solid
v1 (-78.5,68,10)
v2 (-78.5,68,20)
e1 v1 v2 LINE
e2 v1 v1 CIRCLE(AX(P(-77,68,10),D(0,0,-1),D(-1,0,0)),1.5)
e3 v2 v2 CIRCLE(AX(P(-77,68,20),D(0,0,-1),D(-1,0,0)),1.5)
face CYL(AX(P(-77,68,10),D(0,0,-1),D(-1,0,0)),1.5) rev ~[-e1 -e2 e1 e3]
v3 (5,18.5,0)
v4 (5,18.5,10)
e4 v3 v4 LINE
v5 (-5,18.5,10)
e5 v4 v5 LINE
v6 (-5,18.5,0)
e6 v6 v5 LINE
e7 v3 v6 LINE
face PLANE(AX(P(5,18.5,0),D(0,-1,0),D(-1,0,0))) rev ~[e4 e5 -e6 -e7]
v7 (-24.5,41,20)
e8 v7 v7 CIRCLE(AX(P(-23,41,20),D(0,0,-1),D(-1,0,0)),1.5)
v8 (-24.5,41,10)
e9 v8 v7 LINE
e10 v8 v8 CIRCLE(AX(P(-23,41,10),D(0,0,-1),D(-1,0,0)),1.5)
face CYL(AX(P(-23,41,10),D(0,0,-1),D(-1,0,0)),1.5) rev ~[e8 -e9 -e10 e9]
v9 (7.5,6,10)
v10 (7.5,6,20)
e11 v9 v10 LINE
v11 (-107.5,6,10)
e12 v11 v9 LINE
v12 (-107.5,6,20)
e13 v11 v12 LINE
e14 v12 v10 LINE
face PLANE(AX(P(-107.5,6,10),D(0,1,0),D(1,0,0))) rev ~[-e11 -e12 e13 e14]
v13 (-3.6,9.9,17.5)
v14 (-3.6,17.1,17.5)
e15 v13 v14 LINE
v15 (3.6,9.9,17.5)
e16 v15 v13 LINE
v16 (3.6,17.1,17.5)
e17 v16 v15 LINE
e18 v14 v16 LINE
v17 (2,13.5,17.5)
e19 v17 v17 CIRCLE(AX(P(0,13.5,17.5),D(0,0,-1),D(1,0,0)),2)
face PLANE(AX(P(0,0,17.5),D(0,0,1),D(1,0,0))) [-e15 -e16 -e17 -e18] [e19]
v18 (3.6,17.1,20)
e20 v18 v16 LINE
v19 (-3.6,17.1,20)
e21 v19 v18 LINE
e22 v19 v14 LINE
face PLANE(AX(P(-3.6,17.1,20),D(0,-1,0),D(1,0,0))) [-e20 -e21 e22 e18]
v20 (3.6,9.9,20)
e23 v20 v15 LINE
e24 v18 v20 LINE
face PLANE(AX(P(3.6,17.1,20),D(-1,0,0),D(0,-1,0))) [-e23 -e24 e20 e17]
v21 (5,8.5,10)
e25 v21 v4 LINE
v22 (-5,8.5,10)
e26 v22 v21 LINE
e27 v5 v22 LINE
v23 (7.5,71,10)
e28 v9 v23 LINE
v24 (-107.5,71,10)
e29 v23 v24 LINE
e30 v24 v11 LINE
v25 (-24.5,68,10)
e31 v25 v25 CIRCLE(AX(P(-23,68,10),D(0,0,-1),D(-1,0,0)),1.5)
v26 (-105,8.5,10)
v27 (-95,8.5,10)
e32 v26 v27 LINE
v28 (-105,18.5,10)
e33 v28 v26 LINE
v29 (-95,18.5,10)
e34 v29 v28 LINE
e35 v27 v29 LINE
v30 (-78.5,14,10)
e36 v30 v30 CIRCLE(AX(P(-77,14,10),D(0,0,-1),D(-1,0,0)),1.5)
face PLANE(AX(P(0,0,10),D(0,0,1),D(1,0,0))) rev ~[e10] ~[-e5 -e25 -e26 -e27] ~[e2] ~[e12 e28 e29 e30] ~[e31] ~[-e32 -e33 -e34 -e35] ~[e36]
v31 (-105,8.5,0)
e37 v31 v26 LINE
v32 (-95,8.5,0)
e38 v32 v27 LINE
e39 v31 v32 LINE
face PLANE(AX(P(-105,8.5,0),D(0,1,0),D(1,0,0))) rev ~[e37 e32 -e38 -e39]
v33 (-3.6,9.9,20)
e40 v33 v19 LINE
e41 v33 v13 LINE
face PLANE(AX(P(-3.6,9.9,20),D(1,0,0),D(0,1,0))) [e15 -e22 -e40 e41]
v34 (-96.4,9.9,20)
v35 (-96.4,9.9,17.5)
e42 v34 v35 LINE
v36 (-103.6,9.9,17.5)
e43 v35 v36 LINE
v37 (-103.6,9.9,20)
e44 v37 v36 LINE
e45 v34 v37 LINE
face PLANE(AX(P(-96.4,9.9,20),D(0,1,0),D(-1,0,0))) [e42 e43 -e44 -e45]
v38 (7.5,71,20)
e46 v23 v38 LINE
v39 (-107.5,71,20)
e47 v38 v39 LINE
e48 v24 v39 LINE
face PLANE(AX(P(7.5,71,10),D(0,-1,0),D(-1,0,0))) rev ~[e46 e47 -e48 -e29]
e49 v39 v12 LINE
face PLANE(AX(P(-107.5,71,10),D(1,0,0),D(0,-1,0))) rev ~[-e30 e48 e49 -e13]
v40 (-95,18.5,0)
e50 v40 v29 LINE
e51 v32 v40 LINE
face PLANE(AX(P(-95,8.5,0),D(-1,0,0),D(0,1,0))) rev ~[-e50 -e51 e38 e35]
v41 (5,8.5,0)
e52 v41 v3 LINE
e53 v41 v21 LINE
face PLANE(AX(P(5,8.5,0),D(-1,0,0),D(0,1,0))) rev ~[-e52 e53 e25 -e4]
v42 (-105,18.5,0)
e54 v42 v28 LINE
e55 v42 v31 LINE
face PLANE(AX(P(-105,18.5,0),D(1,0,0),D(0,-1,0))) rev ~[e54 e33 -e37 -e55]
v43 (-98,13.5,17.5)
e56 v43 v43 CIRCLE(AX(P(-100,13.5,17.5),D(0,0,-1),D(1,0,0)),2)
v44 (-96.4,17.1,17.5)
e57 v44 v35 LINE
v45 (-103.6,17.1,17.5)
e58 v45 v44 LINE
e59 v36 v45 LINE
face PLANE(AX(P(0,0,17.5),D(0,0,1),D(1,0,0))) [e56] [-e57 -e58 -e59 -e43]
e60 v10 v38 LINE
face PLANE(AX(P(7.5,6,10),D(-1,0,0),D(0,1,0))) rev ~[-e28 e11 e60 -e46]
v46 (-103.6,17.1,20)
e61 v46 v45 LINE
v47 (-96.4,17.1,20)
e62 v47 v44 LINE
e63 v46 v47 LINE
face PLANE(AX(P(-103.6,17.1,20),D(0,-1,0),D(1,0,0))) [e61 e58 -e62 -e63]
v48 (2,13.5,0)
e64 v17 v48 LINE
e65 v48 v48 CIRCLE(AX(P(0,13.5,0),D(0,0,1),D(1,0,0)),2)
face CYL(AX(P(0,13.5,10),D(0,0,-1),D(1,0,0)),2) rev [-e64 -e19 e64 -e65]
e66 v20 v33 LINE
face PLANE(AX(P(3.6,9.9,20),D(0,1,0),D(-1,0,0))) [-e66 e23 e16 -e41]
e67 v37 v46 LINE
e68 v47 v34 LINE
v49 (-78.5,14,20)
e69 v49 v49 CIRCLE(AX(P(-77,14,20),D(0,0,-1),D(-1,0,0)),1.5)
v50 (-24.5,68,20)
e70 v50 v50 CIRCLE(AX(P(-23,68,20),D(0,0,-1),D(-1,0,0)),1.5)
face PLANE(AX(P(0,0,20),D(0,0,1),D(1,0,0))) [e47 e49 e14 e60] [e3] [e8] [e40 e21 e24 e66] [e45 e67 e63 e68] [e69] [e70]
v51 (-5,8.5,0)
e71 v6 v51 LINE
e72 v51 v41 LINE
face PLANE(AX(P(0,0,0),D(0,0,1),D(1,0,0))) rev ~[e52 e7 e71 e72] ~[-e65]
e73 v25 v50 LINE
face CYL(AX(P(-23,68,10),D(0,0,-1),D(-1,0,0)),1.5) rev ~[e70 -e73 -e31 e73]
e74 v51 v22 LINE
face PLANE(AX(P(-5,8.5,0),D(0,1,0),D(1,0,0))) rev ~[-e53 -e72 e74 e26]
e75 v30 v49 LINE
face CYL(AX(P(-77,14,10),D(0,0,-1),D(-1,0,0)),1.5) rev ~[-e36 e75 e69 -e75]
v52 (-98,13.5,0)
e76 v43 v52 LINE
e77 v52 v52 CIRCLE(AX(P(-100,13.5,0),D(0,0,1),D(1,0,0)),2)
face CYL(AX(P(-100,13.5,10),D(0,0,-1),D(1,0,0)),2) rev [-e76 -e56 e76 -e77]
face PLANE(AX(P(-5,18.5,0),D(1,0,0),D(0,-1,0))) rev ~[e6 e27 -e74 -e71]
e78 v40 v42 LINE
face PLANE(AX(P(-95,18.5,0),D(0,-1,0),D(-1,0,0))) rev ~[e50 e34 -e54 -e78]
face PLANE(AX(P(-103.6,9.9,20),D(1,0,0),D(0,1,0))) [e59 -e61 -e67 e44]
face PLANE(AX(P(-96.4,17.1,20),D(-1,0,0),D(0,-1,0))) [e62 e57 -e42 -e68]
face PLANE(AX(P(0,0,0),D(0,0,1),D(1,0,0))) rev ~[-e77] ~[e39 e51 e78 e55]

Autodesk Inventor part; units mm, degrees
ref_plane "YZ Plane" through (0, 0, 0) normal (1, 0, 0) x (0, 1, 0)
ref_plane "XZ Plane" through (0, 0, 0) normal (0, 1, 0) x (-1, 0, 0)
ref_plane "XY Plane" through (0, 0, 0) normal (0, 0, 1) x (1, 0, 0)
sketch "Sketch1" plane through (0, 0, 0) normal (0, 0, 1) x (1, 0, 0)
  circle A0 centre (0, 13.5) radius 2 projected
  circle A1 centre (-100, 13.5) radius 2 projected
  line L0 (-100, 13.5) -> (-105, 13.5) construction
  line L1 (-100, 13.5) -> (-95, 13.5) construction
  line L2 (-105, 13.5) -> (-105, 8.5) construction
  line L3 (-105, 8.5) -> (-95, 8.5)
  line L4 (-95, 8.5) -> (-95, 18.5)
  line L5 (-95, 18.5) -> (-105, 18.5)
  line L6 (-105, 18.5) -> (-105, 8.5)
  line L7 (-5, 8.5) -> (5, 8.5)
  line L8 (5, 8.5) -> (5, 18.5)
  line L9 (5, 18.5) -> (-5, 18.5)
  line L10 (-5, 18.5) -> (-5, 8.5)
  line L11 (-5, 8.5) -> (5, 18.5) construction
  line L12 (5, 8.5) -> (-5, 18.5) construction
  point P0 (0, 0)
  dimension "d0" = 5
  dimension "d1" = 180
  dimension "d2" = 5
  dimension "d3" = 90
  dimension "d4" = 10
  dimension "d5" = 10
  dimension "d6" = 10
  dimension "d7" = 10
extrude "Extrusion1" add sketch "Sketch1" along normal blind 10
sketch "Sketch2" plane through (0, 0, 10) normal (0, 0, 1) x (1, 0, 0)
  circle A0 centre (-100, 13.5) radius 2 projected
  line L0 (-105, 8.5) -> (-95, 8.5) projected
  line L1 (-95, 8.5) -> (-95, 18.5) projected
  line L2 (-95, 18.5) -> (-105, 18.5) construction
  line L3 (-105, 18.5) -> (-105, 8.5) projected
  line L4 (-92.5, 21) -> (-107.5, 21) construction
  line L5 (-107.5, 21) -> (-107.5, 6) construction
  line L6 (-107.5, 6) -> (-92.5, 6) construction
  line L7 (-92.5, 6) -> (-92.5, 21) construction
  circle A1 centre (-100, 13.5) radius 2 construction
  line L8 (-92.5, 21) -> (-107.5, 6) construction
  line L9 (-107.5, 21) -> (-92.5, 6) construction
  line L10 (-107.5, 6) -> (7.5, 6)
  line L11 (7.5, 6) -> (7.5, 71)
  line L12 (7.5, 71) -> (-107.5, 71)
  line L13 (-107.5, 71) -> (-107.5, 6)
  circle A2 centre (0, 13.5) radius 2 projected
  point P0 (0, 0)
  dimension "d10" = 15
  dimension "d11" = 15
  dimension "d12" = 115
  dimension "d13" = 65
extrude "Extrusion2" add sketch "Sketch2" along normal blind 10
sketch "Sketch3" plane through (0, 0, 20) normal (0, 0, 1) x (1, 0, 0)
  circle A0 centre (-100, 13.5) radius 2 construction
  circle A1 centre (0, 13.5) radius 2 construction
  line L0 (-103.6, 17.1) -> (-96.4, 17.1)
  line L1 (-96.4, 17.1) -> (-96.4, 9.9)
  line L2 (-96.4, 9.9) -> (-103.6, 9.9)
  line L3 (-103.6, 9.9) -> (-103.6, 17.1)
  line L4 (-103.6, 17.1) -> (-96.4, 9.9) construction
  line L5 (-96.4, 17.1) -> (-103.6, 9.9) construction
  line L6 (-3.6, 17.1) -> (3.6, 17.1)
  line L7 (3.6, 17.1) -> (3.6, 9.9)
  line L8 (3.6, 9.9) -> (-3.6, 9.9)
  line L9 (-3.6, 9.9) -> (-3.6, 17.1)
  line L10 (-3.6, 17.1) -> (3.6, 9.9) construction
  line L11 (3.6, 17.1) -> (-3.6, 9.9) construction
  point P0 (0, 0)
  dimension "d16" = 7.2
  dimension "d17" = 7.2
  dimension "d18" = 7.2
  dimension "d19" = 7.2
extrude "Extrusion3" cut sketch "Sketch3" against normal blind 2.5
sketch "Sketch4" plane through (0, 0, 10) normal (0, 0, -1) x (-1, 0, 0)
  line L0 (-7.5, 6) -> (-7.5, 71) construction
  line L1 (-7.5, 71) -> (20, 71) construction
  line L2 (-7.5, 71) -> (107.5, 71) construction
  line L3 (20, 71) -> (23, 71) construction
  line L4 (23, 71) -> (23, 68) construction
  line L5 (23, 68) -> (20, 68) construction
  line L6 (20, 68) -> (20, 71) construction
  line L7 (23, 68) -> (77, 68) construction
  line L8 (77, 68) -> (77, 14) construction
  line L9 (23, 68) -> (23, 41) construction
  line L10 (23, 68) -> (50, 68) construction
  circle A0 centre (77, 68) radius 1.5
  circle A1 centre (77, 14) radius 1.5
  circle A2 centre (23, 68) radius 1.5
  circle A3 centre (23, 41) radius 1.5
  point P0 (0, 0)
  dimension "d22" = 27.5
  dimension "d23" = 3
  dimension "d24" = 3
  dimension "d25" = 54
  dimension "d26" = 54
  dimension "d27" = 90
  dimension "d28" = 27
  dimension "d29" = 90
  dimension "d30" = 3
  dimension "d31" = 3
  dimension "d32" = 3
  dimension "d33" = 3
extrude "Extrusion4" cut sketch "Sketch4" against normal up to surface (10 mm away)
properties part number "base_plate"
